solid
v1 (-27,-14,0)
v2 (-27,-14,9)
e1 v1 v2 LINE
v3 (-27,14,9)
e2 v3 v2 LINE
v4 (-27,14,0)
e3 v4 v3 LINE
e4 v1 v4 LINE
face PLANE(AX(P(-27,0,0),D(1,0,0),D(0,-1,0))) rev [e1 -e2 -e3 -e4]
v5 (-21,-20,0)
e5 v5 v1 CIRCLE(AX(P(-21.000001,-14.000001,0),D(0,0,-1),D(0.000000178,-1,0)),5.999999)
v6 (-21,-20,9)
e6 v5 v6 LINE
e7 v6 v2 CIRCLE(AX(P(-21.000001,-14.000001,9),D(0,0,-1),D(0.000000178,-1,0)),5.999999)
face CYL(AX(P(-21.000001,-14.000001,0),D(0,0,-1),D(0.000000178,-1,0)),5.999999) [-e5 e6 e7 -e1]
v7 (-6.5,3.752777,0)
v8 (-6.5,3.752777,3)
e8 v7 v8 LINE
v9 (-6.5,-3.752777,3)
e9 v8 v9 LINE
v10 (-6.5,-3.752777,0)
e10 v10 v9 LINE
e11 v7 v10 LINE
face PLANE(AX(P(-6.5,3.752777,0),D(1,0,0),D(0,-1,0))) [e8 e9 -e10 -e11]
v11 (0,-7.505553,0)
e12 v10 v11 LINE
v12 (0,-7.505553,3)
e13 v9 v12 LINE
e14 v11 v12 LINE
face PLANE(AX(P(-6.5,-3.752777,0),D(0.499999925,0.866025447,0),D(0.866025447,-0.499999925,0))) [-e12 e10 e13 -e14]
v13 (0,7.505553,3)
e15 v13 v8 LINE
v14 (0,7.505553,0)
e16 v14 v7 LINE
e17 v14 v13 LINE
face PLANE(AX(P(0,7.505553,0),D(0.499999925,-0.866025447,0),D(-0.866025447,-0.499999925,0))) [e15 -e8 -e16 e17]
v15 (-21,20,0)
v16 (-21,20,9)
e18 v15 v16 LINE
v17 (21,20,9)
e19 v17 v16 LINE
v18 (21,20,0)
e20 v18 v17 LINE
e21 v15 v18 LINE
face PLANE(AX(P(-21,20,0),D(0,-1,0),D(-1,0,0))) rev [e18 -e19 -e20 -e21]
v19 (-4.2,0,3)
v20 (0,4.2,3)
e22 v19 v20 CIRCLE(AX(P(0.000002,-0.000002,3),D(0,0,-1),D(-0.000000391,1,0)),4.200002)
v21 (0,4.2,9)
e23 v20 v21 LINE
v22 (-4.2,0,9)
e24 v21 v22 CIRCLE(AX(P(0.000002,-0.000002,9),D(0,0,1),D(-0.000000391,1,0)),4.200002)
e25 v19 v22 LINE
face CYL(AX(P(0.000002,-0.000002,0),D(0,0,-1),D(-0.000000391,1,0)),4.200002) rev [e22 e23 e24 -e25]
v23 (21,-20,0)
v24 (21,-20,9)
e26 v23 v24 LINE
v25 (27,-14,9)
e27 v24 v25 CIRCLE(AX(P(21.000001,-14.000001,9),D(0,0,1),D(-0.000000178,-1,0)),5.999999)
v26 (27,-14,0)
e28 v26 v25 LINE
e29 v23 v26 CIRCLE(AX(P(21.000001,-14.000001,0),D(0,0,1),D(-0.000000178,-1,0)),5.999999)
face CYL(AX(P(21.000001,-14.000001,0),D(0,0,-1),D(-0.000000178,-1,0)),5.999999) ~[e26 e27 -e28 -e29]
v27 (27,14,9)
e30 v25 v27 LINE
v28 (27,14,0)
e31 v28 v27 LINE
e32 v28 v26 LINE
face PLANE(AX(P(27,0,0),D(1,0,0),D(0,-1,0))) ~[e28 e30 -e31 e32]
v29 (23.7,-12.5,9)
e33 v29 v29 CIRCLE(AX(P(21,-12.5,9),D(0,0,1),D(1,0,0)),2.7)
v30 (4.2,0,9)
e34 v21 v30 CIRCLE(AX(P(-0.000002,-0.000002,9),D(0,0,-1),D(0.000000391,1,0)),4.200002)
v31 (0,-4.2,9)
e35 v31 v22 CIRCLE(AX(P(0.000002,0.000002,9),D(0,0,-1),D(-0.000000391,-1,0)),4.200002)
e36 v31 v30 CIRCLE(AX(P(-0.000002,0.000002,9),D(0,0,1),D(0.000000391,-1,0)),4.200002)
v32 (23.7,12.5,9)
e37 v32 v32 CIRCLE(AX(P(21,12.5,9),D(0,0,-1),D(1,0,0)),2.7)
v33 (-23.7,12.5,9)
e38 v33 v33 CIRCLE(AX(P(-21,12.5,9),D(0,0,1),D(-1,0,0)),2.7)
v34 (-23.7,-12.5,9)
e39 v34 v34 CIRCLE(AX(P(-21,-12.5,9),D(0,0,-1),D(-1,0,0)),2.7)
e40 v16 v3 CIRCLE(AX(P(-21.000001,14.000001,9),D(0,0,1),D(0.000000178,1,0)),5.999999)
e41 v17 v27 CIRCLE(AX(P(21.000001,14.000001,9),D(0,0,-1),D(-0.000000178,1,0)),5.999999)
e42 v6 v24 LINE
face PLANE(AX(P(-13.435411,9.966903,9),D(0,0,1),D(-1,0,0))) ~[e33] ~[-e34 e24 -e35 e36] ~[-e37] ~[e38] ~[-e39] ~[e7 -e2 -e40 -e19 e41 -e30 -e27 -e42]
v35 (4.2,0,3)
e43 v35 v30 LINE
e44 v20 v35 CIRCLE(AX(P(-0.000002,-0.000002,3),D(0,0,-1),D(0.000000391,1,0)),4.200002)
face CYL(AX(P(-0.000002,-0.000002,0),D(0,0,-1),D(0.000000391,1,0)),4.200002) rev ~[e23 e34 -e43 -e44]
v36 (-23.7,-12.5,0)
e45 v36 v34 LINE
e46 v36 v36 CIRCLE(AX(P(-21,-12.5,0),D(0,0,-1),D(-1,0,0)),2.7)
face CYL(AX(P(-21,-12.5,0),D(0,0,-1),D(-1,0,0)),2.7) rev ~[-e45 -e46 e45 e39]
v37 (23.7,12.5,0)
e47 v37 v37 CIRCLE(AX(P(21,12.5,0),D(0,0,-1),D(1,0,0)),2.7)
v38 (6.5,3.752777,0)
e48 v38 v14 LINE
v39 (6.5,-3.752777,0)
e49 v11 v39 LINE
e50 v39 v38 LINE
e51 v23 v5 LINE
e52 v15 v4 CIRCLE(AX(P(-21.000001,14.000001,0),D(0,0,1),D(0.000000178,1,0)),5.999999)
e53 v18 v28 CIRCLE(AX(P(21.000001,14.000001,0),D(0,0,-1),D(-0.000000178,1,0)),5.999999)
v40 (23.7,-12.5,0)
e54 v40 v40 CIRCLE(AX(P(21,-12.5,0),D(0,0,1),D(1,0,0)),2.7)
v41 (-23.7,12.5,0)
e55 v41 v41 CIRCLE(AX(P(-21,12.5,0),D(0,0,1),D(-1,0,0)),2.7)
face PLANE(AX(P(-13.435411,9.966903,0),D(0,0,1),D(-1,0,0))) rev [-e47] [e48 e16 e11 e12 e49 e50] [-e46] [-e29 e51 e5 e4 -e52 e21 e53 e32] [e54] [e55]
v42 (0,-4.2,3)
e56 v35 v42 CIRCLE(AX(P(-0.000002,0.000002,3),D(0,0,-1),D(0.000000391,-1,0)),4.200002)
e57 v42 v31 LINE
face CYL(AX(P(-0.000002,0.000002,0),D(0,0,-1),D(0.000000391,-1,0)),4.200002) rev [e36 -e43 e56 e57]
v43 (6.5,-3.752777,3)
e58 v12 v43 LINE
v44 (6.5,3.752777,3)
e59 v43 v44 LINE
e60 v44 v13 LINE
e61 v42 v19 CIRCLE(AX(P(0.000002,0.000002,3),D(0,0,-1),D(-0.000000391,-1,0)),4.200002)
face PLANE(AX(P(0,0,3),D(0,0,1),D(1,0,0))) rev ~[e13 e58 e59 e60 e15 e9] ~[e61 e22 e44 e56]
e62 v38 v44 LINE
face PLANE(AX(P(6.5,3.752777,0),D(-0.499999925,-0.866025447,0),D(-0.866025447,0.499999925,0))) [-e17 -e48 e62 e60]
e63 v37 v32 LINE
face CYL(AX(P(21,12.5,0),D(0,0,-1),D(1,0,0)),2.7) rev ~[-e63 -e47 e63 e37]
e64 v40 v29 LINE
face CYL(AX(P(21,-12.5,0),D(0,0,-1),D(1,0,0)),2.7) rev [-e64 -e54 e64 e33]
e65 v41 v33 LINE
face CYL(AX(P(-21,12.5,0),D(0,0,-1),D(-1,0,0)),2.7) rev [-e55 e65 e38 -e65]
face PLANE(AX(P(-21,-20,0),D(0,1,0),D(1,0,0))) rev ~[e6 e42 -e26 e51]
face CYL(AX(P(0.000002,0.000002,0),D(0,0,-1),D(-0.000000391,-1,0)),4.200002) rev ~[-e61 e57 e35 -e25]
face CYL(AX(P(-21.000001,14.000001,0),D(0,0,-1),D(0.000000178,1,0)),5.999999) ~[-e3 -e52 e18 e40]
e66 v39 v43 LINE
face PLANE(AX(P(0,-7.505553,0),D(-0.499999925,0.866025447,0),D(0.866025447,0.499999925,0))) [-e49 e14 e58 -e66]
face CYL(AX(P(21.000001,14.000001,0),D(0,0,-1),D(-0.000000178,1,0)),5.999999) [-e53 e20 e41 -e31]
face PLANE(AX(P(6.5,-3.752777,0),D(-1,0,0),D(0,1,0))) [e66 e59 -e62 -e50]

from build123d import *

# Parameters (mm, degrees)
SKETCH_R             = 2.7
PAD_DEPTH            = 9
SKETCH_MIRRORED_2_R  = 2.7
PAD_MIRRORED_2_DEPTH = 9
POCKET_DEPTH         = 3


with BuildPart() as part:
    # Sketch → Pad (new body)
    with BuildSketch(Plane.XY):
        with BuildLine():
            ThreePointArc((0, -4.2), (2.969848, -2.969848), (4.2, 0))
            Line((4.2, 0), (27, 0))
            Line((27, 0), (27, -14))
            ThreePointArc((21, -20), (25.242641, -18.242641), (27, -14))
            Line((21, -20), (0, -20))
            Line((0, -20), (0, -4.2))
        make_face()
        with Locations((21, -12.5)):
            Circle(SKETCH_R, mode=Mode.SUBTRACT)
    pad = extrude(amount=PAD_DEPTH)

    # Sketch Mirrored 2 → Pad Mirrored 2 (add)
    with BuildSketch(Plane(origin=(0, 0, 0), x_dir=(-1, 0, 0), z_dir=(0, 0, -1))):
        with BuildLine():
            ThreePointArc((0, -4.2), (2.969848, -2.969848), (4.2, 0))
            Line((4.2, 0), (27, 0))
            Line((27, 0), (27, -14))
            ThreePointArc((21, -20), (25.242641, -18.242641), (27, -14))
            Line((21, -20), (0, -20))
            Line((0, -20), (0, -4.2))
        make_face()
        with Locations((21, -12.5)):
            Circle(SKETCH_MIRRORED_2_R, mode=Mode.SUBTRACT)
    pad_mirrored_2 = extrude(amount=-PAD_MIRRORED_2_DEPTH)

    # Mirrored001: Pad, Pad Mirrored 2 across Sketch H_Axis
    add(pad.mirror(Plane.ZX))
    add(pad_mirrored_2.mirror(Plane.ZX))

    # Sketch001 → Pocket (cut)
    with BuildSketch(Plane.XY):
        Polygon((6.5, 3.752777), (0, 7.505553), (-6.5, 3.752777), (-6.5, -3.752777), (0, -7.505553), (6.5, -3.752777), align=None)
    extrude(amount=POCKET_DEPTH, mode=Mode.SUBTRACT)


solid = part.part
